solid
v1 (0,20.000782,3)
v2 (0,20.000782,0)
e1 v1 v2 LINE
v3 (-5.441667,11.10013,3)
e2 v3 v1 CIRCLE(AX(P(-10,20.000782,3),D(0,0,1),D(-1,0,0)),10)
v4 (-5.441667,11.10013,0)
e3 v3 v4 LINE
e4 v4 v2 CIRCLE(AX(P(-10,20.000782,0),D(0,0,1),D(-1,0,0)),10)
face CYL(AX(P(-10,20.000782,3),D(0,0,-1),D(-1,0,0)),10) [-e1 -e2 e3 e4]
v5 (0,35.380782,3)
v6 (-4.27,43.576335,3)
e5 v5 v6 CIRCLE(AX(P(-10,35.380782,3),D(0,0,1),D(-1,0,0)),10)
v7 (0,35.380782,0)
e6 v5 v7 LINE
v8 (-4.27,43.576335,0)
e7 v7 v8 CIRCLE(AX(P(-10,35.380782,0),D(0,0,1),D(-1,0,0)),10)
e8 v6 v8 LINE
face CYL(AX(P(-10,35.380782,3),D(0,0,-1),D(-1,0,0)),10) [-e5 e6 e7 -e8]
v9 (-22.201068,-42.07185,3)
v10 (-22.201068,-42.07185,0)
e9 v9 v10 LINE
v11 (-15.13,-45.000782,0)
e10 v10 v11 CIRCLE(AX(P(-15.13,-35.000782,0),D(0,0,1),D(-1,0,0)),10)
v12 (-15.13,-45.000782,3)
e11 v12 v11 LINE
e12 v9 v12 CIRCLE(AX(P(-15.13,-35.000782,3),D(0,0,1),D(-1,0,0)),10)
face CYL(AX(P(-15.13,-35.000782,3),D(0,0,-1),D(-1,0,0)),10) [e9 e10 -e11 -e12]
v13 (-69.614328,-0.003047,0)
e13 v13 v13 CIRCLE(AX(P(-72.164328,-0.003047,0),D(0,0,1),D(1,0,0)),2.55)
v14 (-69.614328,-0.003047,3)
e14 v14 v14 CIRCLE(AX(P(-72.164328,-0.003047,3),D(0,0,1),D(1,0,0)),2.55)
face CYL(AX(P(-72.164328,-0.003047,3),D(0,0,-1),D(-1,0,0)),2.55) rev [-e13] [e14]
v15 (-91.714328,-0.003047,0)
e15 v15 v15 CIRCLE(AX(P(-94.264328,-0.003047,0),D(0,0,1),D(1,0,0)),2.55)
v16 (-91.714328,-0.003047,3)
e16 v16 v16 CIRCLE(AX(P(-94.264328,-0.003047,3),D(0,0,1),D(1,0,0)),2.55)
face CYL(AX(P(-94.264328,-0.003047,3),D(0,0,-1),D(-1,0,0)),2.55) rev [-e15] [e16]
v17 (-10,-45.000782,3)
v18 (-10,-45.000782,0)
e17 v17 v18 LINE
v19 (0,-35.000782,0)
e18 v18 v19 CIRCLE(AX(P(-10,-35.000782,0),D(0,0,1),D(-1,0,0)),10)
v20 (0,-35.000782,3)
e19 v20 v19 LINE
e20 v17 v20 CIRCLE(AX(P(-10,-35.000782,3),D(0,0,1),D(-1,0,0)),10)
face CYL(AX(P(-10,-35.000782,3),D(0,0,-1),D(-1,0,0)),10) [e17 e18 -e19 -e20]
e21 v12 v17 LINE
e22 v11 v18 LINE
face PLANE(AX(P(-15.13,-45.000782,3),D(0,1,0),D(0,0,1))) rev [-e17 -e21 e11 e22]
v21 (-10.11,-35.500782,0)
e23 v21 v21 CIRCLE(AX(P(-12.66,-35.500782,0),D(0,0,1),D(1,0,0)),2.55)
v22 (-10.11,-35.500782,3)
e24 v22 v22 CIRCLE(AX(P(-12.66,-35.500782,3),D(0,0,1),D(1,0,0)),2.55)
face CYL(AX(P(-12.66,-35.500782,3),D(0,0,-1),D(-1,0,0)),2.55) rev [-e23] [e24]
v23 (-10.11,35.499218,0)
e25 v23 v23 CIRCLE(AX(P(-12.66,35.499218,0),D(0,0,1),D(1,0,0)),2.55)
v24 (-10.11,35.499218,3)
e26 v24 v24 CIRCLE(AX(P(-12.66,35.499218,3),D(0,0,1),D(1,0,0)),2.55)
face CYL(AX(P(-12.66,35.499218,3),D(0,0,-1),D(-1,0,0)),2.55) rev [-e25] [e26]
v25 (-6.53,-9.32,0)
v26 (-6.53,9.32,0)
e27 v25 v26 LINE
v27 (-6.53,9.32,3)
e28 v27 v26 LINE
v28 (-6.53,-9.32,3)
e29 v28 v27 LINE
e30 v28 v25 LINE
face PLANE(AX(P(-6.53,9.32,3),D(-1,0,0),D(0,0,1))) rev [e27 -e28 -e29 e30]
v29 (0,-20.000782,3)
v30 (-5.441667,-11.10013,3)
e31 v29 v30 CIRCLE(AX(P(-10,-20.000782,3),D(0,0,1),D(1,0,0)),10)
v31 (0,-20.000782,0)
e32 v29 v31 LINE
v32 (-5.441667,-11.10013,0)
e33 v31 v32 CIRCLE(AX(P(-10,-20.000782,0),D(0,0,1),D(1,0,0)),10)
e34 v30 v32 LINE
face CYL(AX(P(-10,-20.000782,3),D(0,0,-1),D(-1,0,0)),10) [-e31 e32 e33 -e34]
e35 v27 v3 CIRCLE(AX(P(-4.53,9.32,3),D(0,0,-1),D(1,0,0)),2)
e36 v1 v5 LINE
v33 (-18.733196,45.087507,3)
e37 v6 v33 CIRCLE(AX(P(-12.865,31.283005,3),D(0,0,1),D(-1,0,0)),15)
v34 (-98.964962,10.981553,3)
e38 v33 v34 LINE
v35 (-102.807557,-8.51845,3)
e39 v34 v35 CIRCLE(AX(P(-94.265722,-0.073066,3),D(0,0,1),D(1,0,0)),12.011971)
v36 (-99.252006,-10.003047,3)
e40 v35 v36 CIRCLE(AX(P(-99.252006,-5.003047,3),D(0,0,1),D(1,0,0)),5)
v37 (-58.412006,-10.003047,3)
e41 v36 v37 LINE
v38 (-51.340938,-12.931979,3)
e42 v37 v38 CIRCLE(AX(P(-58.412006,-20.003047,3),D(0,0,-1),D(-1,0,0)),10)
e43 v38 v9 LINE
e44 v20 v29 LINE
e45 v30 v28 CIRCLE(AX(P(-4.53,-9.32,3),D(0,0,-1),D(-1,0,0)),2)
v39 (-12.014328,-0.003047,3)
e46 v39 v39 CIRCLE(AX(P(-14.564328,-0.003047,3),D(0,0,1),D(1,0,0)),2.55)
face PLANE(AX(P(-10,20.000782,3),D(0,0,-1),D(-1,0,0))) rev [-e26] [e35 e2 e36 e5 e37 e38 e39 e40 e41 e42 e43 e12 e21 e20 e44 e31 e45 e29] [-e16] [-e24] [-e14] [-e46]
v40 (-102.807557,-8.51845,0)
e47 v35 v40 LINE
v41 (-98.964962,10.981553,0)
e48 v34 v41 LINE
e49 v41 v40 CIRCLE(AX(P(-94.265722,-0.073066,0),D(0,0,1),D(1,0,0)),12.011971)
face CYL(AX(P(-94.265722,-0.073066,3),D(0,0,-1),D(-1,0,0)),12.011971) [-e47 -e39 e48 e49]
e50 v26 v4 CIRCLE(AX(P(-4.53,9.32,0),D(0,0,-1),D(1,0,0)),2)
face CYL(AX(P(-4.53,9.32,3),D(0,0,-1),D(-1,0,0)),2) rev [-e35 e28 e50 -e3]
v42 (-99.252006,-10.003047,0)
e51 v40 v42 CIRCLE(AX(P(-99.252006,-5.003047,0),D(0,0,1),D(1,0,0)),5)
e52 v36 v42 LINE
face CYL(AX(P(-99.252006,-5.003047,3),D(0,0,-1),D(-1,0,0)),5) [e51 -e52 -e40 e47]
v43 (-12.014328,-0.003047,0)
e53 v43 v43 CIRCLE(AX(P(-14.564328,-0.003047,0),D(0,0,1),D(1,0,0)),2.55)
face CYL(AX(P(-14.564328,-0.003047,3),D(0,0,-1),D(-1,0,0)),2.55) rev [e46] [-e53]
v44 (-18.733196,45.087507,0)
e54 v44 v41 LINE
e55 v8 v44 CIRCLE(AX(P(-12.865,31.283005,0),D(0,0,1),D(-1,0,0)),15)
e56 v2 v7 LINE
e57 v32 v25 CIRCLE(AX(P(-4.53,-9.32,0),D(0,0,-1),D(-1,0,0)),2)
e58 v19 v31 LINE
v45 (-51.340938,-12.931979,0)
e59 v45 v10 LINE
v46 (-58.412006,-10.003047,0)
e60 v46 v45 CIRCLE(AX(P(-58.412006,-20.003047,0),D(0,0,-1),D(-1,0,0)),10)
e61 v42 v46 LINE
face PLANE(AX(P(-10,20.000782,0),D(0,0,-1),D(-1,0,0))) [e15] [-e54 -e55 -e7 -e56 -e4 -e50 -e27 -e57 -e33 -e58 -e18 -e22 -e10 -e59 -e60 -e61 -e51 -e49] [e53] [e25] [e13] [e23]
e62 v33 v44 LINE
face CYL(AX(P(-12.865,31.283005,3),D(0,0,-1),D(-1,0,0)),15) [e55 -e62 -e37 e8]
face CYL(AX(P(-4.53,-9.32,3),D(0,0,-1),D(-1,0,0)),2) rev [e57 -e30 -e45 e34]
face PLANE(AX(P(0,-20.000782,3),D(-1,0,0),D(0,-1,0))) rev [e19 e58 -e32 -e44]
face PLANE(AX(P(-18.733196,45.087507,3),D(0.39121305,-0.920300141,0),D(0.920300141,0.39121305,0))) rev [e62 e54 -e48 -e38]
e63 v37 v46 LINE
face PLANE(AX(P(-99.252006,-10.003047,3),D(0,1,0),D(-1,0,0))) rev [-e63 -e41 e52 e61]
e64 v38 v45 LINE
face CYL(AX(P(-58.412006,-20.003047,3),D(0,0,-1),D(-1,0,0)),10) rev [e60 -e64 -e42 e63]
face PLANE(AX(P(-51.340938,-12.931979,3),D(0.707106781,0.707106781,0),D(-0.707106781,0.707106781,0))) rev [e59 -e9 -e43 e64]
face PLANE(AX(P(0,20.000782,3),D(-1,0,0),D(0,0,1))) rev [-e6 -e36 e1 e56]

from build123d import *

# Parameters (mm, degrees)
SKETCH1_R           = 2.55
BOSS_EXTRUDE2_DEPTH = 3


with BuildPart() as part:
    # Sketch1 → Boss-Extrude2 (new body)
    with BuildSketch(Plane.XY):
        with BuildLine():
            Line((0, 20.000781807), (0, 35.380781807))
            ThreePointArc((0, 35.380781807), (-1.131516477, 40.001387827), (-4.27, 43.576335479))
            ThreePointArc((-4.27, 43.576335479), (-11.306226361, 46.201792614), (-18.733195752, 45.087507084))
            Line((-18.733195752, 45.087507084), (-98.964962039, 10.981553375))
            ThreePointArc((-98.964962039, 10.981553375), (-106.051053982, 2.24930594), (-102.807556787, -8.518450105))
            ThreePointArc((-102.807556787, -8.518450105), (-101.178529417, -9.616994075), (-99.252006076, -10.003046978))
            Line((-99.252006076, -10.003046978), (-58.412006076, -10.003046978))
            ThreePointArc((-58.412006076, -10.003046978), (-54.585171753, -10.764251653), (-51.340938265, -12.931979166))
            Line((-51.340938265, -12.931979166), (-22.201067812, -42.071849618))
            ThreePointArc((-22.201067812, -42.071849618), (-18.956834324, -44.239577132), (-15.13, -45.000781807))
            Line((-15.13, -45.000781807), (-10, -45.000781807))
            ThreePointArc((-10, -45.000781807), (-2.928932188, -42.071849618), (0, -35.000781807))
            Line((0, -35.000781807), (0, -20.000781807))
            ThreePointArc((0, -20.000781807), (-1.468196752, -14.784621022), (-5.441666667, -11.100130301))
            ThreePointArc((-5.441666667, -11.100130301), (-6.23636065, -10.363232157), (-6.53, -9.32))
            Line((-6.53, -9.32), (-6.53, 9.32))
            ThreePointArc((-6.53, 9.32), (-6.23636065, 10.363232157), (-5.441666667, 11.100130301))
            ThreePointArc((-5.441666667, 11.100130301), (-1.468196752, 14.784621022), (0, 20.000781807))
        make_face()
        with Locations((-94.264328129, -0.003046978)):
            Circle(SKETCH1_R, mode=Mode.SUBTRACT)
        with Locations((-72.164328129, -0.003046978)):
            Circle(SKETCH1_R, mode=Mode.SUBTRACT)
        with Locations((-14.564328129, -0.003046978)):
            Circle(SKETCH1_R, mode=Mode.SUBTRACT)
        with Locations((-12.66, 35.499218193)):
            Circle(SKETCH1_R, mode=Mode.SUBTRACT)
        with Locations((-12.66, -35.500781807)):
            Circle(SKETCH1_R, mode=Mode.SUBTRACT)
    extrude(amount=BOSS_EXTRUDE2_DEPTH)


solid = part.part
